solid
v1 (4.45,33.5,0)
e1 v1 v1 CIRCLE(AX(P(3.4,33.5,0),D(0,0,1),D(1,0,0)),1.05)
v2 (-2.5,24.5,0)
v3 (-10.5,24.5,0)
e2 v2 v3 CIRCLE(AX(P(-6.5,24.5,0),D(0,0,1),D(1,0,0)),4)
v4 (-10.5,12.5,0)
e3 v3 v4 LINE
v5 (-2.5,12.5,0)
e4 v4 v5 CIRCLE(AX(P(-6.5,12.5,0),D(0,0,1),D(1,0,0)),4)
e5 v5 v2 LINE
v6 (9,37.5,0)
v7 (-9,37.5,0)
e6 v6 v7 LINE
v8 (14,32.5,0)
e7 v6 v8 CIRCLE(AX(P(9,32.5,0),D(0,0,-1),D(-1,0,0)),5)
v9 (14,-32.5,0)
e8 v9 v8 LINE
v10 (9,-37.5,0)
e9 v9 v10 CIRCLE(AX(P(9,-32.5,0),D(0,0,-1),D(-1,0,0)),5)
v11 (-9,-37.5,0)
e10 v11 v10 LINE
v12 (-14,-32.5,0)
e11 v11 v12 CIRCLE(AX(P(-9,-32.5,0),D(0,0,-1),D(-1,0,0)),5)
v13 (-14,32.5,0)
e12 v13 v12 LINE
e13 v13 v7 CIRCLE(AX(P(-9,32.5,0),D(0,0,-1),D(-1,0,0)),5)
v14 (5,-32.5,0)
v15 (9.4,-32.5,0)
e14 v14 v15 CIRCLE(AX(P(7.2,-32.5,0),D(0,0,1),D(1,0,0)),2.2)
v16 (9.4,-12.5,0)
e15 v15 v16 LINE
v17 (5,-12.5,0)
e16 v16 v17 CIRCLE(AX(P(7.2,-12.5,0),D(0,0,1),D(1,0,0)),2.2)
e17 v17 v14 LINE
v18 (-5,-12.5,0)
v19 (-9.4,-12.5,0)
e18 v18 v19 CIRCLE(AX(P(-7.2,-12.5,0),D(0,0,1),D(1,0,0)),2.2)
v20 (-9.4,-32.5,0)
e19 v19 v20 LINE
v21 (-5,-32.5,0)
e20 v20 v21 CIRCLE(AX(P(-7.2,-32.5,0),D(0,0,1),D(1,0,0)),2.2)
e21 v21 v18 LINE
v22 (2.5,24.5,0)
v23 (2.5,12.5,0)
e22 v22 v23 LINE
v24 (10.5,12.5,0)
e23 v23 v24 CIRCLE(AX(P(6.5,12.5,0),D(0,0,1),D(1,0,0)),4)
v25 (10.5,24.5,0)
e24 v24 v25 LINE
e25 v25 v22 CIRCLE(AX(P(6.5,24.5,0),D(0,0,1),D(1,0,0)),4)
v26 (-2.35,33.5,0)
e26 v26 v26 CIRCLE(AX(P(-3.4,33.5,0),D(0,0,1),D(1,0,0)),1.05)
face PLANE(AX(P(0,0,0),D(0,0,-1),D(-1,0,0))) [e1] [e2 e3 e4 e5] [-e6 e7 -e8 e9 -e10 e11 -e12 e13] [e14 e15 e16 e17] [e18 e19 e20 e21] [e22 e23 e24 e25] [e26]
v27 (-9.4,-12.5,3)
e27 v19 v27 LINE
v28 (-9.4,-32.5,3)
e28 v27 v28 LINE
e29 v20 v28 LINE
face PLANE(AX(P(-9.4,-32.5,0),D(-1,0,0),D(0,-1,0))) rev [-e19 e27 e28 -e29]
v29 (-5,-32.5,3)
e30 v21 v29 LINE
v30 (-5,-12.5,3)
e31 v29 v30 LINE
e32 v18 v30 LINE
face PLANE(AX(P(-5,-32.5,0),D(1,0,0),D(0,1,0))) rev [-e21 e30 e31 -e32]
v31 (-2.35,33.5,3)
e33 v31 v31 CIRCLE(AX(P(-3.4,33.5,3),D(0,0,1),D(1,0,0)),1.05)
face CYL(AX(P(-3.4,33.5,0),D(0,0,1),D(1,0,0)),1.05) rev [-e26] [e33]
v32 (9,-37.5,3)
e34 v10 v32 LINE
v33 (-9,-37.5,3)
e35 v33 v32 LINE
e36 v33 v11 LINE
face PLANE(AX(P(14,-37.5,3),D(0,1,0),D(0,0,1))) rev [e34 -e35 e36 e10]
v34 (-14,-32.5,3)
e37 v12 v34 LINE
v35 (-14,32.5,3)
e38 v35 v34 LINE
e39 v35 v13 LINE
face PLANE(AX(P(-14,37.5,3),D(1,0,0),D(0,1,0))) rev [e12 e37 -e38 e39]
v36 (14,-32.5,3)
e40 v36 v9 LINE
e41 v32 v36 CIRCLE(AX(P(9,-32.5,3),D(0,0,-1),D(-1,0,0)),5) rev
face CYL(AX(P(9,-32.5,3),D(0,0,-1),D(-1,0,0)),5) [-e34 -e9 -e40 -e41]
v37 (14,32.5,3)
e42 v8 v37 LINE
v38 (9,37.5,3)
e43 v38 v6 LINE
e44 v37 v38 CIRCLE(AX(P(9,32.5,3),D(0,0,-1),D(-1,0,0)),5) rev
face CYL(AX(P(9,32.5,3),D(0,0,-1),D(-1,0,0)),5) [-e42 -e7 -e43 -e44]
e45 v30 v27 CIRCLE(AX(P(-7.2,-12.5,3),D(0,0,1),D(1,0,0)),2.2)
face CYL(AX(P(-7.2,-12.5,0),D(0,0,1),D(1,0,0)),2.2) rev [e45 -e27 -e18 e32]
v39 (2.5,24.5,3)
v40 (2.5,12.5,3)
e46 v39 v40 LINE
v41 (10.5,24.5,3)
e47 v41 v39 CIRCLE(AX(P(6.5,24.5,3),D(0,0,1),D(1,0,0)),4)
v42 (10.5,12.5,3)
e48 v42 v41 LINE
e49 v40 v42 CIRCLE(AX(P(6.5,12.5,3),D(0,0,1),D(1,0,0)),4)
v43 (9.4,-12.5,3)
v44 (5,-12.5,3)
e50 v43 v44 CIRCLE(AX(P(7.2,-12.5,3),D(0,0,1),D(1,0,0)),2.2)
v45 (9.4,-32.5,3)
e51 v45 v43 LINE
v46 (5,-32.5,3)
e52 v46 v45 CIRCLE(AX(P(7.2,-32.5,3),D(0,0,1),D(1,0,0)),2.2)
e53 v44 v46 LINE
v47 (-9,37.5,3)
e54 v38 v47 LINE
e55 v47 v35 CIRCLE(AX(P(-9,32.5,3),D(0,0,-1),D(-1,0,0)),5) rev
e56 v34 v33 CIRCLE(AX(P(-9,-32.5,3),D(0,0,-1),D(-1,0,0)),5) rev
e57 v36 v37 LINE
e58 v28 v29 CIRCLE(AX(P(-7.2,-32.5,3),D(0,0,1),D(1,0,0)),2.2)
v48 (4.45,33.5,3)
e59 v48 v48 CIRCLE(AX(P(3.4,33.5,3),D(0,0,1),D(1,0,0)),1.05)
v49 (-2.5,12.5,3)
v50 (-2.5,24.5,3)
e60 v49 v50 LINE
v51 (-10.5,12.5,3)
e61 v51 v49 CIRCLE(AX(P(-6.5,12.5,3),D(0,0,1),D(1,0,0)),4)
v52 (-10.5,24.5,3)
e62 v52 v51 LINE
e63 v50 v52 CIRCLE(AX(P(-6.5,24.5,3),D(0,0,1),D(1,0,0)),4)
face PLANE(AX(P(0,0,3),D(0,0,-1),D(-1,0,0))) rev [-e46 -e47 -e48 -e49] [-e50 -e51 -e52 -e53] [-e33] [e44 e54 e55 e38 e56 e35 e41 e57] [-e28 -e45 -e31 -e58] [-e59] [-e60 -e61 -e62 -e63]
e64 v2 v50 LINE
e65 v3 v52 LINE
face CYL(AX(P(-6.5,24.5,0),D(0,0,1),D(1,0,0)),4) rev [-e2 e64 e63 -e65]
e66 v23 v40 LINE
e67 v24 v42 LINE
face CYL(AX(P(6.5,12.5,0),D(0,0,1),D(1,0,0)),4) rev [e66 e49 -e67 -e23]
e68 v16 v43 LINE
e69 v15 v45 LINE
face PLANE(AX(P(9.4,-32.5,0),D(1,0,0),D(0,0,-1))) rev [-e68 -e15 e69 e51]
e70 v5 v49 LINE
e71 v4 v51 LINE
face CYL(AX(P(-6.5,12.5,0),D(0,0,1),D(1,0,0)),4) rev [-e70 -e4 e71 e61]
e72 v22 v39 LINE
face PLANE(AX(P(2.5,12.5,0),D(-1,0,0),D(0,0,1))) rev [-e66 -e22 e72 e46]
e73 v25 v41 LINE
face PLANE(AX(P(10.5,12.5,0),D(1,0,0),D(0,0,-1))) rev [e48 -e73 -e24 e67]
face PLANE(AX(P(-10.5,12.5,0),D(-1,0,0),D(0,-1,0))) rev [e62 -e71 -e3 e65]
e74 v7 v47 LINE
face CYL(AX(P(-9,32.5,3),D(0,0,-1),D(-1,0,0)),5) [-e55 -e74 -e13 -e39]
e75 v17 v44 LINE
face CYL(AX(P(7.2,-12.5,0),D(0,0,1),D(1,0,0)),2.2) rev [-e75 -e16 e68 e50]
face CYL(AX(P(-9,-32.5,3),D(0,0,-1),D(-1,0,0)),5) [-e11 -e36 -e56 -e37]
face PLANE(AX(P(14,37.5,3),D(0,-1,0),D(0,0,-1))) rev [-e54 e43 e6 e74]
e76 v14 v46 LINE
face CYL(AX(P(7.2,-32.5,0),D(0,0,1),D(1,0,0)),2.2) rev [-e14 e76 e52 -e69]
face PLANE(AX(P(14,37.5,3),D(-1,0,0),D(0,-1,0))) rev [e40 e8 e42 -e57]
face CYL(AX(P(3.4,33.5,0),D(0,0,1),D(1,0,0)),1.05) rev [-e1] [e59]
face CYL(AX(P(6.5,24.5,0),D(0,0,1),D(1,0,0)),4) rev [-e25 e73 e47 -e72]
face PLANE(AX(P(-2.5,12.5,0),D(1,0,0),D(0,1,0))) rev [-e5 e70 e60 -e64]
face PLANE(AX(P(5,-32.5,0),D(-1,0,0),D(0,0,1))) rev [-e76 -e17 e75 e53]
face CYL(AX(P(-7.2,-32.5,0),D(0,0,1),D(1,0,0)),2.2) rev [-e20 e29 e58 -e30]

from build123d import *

# Parameters (mm, degrees)
SKETCH1_W           = 28
SKETCH1_H           = 75
BOSS_EXTRUDE1_DEPTH = 3
SKETCH2_R           = 1.05
CUT_EXTRUDE1_DEPTH  = 41.140378673
FILLET1_R           = 5


with BuildPart() as part:
    # Sketch1 → Boss-Extrude1 (new body)
    with BuildSketch(Plane.XY):
        Rectangle(SKETCH1_W, SKETCH1_H)
    extrude(amount=BOSS_EXTRUDE1_DEPTH)

    # Sketch2 → Cut-Extrude1 (cut, through all)
    with BuildSketch(Plane.XY.offset(3)):
        with Locations((-3.4, 33.5)):
            Circle(SKETCH2_R)
        with Locations((3.4, 33.5)):
            Circle(SKETCH2_R)
        with BuildLine():
            Line((-10.499999957, 12.5), (-10.499999957, 24.5))
            ThreePointArc((-10.499999957, 24.5), (-6.5, 28.499999957), (-2.500000043, 24.5))
            Line((-2.500000043, 24.5), (-2.500000043, 12.5))
            ThreePointArc((-2.500000043, 12.5), (-6.5, 8.500000043), (-10.499999957, 12.5))
        make_face()
        with BuildLine():
            Line((2.500000043, 12.5), (2.500000043, 24.5))
            ThreePointArc((2.500000043, 24.5), (6.5, 28.499999957), (10.499999957, 24.5))
            Line((10.499999957, 24.5), (10.499999957, 12.5))
            ThreePointArc((10.499999957, 12.5), (6.5, 8.500000043), (2.500000043, 12.5))
        make_face()
        with BuildLine():
            Line((-9.4, -32.5), (-9.4, -12.5))
            ThreePointArc((-9.4, -12.5), (-7.2, -10.3), (-5, -12.5))
            Line((-5, -12.5), (-5, -32.5))
            ThreePointArc((-5, -32.5), (-7.2, -34.7), (-9.4, -32.5))
        make_face()
        with BuildLine():
            Line((5, -32.5), (5, -12.5))
            ThreePointArc((5, -12.5), (7.2, -10.3), (9.4, -12.5))
            Line((9.4, -12.5), (9.4, -32.5))
            ThreePointArc((9.4, -32.5), (7.2, -34.7), (5, -32.5))
        make_face()
    extrude(amount=-CUT_EXTRUDE1_DEPTH, mode=Mode.SUBTRACT)

    # Fillet1
    fillet1_edges = [part.edges().sort_by_distance(p)[0] for p in [
        (-14, 37.5, 1.5),
        (14, 37.5, 1.5),
        (14, -37.5, 1.5),
        (-14, -37.5, 1.5),
    ]]
    fillet(fillet1_edges, radius=FILLET1_R)


solid = part.part
